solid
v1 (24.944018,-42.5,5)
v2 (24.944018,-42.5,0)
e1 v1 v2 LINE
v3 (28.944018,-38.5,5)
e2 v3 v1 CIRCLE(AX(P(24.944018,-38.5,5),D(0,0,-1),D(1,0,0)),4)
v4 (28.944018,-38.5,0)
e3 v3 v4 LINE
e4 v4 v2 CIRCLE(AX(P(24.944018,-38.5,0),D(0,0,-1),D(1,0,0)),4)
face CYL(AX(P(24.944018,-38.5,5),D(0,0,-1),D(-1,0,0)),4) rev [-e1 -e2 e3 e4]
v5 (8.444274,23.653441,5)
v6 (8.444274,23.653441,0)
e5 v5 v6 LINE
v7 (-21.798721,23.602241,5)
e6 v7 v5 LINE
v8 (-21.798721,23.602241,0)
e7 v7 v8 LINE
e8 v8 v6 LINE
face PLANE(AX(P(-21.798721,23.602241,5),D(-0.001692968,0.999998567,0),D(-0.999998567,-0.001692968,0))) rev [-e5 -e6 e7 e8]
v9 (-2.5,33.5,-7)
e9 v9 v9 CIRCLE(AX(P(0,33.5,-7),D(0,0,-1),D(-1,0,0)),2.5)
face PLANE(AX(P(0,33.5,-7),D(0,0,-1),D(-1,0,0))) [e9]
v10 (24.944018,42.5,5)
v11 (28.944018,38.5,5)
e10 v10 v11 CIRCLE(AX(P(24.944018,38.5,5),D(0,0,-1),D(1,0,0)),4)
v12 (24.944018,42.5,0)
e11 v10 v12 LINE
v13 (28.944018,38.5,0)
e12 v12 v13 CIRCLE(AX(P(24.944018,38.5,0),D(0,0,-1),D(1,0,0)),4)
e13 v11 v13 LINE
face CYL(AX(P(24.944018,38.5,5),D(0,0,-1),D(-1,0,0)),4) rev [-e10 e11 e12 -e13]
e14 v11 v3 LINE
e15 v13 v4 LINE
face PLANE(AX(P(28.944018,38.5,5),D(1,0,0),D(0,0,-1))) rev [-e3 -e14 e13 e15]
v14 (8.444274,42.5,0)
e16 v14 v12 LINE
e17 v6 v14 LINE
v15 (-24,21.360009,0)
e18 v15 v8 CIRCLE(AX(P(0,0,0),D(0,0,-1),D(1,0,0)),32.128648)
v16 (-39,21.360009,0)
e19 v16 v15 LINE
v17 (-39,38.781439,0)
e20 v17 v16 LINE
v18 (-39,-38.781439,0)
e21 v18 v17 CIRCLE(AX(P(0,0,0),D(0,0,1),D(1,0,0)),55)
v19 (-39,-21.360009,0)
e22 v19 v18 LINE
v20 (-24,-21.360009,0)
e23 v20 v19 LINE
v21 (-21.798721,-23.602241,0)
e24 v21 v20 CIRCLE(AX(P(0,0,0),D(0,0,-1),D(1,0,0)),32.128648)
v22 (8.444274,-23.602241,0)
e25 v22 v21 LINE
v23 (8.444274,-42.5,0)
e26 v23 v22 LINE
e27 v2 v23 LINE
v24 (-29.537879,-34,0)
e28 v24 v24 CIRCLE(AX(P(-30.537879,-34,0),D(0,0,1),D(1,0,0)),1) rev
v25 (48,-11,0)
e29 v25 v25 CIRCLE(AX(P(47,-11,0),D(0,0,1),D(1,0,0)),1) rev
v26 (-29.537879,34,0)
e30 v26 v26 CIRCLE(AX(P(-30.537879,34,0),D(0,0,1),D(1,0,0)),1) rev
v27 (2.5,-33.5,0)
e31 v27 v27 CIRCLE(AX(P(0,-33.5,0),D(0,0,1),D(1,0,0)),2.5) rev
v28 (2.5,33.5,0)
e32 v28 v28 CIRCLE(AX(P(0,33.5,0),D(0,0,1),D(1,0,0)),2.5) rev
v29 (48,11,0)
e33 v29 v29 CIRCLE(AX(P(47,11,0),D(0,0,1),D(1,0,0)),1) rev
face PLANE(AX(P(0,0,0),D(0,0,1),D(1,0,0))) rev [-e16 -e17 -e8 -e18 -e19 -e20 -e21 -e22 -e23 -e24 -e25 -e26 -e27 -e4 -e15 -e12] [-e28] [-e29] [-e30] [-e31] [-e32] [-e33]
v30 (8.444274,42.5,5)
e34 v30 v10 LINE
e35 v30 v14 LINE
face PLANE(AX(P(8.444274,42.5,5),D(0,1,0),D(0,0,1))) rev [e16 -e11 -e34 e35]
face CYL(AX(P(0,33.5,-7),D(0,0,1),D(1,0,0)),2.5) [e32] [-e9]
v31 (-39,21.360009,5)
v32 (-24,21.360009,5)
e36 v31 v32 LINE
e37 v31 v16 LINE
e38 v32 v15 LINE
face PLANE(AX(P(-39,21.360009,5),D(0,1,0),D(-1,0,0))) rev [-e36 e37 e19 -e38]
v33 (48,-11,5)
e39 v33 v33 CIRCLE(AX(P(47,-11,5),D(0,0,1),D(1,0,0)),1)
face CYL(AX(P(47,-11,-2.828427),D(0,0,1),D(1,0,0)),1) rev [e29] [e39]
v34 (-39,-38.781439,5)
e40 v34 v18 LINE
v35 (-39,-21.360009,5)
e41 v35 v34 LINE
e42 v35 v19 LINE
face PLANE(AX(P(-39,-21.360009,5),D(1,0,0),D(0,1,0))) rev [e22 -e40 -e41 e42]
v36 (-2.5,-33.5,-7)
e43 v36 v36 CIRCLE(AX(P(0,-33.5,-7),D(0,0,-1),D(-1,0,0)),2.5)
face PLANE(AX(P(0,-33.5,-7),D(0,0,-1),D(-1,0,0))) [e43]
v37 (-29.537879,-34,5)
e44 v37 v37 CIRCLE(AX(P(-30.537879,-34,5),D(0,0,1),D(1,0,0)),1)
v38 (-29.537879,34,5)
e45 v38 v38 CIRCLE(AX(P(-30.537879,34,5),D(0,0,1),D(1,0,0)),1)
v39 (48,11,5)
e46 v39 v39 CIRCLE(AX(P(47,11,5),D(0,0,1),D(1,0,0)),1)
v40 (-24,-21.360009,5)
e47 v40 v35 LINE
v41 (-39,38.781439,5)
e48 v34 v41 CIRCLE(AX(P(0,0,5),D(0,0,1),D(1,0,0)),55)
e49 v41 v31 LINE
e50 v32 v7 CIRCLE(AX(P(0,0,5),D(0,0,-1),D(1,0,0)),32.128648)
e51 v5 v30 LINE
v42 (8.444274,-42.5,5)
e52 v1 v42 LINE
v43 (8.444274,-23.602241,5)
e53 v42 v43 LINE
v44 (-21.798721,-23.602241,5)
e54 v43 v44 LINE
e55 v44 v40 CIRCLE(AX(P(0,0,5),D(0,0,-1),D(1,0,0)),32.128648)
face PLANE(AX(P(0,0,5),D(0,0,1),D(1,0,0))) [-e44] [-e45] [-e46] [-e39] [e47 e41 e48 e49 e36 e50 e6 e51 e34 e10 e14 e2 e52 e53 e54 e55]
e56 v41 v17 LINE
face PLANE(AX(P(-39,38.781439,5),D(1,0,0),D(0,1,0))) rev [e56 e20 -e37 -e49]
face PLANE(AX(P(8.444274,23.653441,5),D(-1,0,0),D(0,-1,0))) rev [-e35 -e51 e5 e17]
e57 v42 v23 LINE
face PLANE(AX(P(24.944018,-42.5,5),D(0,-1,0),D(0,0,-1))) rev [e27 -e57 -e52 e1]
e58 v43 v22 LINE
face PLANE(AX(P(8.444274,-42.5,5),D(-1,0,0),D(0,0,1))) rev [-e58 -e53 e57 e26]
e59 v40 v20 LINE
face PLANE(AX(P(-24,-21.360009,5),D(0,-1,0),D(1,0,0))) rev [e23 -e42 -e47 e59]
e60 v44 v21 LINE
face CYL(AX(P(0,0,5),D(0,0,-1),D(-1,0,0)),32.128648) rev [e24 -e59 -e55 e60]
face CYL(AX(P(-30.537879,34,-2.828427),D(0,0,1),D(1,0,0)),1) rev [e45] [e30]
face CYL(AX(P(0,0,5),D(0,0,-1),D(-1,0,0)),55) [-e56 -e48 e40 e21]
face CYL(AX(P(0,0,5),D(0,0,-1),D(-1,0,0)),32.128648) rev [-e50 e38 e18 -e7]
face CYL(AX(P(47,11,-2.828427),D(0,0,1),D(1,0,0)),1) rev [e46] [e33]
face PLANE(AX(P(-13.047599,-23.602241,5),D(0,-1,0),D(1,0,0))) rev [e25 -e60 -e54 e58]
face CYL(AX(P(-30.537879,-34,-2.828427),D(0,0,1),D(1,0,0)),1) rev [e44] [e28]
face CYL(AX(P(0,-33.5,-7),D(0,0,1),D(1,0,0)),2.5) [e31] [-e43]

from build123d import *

# Parameters (mm, degrees)
BOSS_EXTRUDE1_DEPTH = 5
SKETCH2_R           = 2.5
BOSS_EXTRUDE2_DEPTH = 7
SKETCH3_R           = 1
CUT_EXTRUDE1_DEPTH  = 5


with BuildPart() as part:
    # Sketch1 → Boss-Extrude1 (new body)
    with BuildSketch(Plane.XY):
        with BuildLine():
            Line((8.444274161, -42.5), (8.444274161, -23.602240521))
            Line((8.444274161, -23.602240521), (-13.047599403, -23.602240521))
            Line((-13.047599403, -23.602240521), (-21.798721118, -23.602240521))
            ThreePointArc((-21.798721118, -23.602240521), (-22.926788134, -22.508051578), (-24, -21.360009363))
            Line((-24, -21.360009363), (-39, -21.360009363))
            Line((-39, -21.360009363), (-39, -38.781438859))
            ThreePointArc((-39, -38.781438859), (55, 0), (-39, 38.781438859))
            Line((-39, 38.781438859), (-39, 21.360009363))
            Line((-39, 21.360009363), (-24, 21.360009363))
            ThreePointArc((-24, 21.360009363), (-22.926788134, 22.508051578), (-21.798721118, 23.602240521))
            Line((-21.798721118, 23.602240521), (8.444274161, 23.653441006))
            Line((8.444274161, 23.653441006), (8.444274161, 42.5))
            Line((8.444274161, 42.5), (24.94401824, 42.5))
            ThreePointArc((24.94401824, 42.5), (27.772445365, 41.328427125), (28.94401824, 38.5))
            Line((28.94401824, 38.5), (28.94401824, -38.5))
            ThreePointArc((28.94401824, -38.5), (27.772445365, -41.328427125), (24.94401824, -42.5))
            Line((24.94401824, -42.5), (8.444274161, -42.5))
        make_face()
    extrude(amount=BOSS_EXTRUDE1_DEPTH)

    # Sketch2 → Boss-Extrude2 (add)
    with BuildSketch(Plane(origin=(0, 0, 0), x_dir=(-1, 0, 0), z_dir=(0, 0, -1))):
        with Locations(Location((0, -33.5, 0), (0, 0, 180))):
            Circle(SKETCH2_R)
        with Locations(Location((0, 33.5, 0), (0, 0, 180))):
            Circle(SKETCH2_R)
    extrude(amount=BOSS_EXTRUDE2_DEPTH)

    # Sketch3 → Cut-Extrude1 (cut)
    with BuildSketch(Plane.XY.offset(5)):
        with Locations((-30.537878891, -34)):
            Circle(SKETCH3_R)
        with Locations((-30.537878891, 34)):
            Circle(SKETCH3_R)
        with Locations((47, 11)):
            Circle(SKETCH3_R)
        with Locations((47, -11)):
            Circle(SKETCH3_R)
    extrude(amount=-CUT_EXTRUDE1_DEPTH, mode=Mode.SUBTRACT)


solid = part.part
